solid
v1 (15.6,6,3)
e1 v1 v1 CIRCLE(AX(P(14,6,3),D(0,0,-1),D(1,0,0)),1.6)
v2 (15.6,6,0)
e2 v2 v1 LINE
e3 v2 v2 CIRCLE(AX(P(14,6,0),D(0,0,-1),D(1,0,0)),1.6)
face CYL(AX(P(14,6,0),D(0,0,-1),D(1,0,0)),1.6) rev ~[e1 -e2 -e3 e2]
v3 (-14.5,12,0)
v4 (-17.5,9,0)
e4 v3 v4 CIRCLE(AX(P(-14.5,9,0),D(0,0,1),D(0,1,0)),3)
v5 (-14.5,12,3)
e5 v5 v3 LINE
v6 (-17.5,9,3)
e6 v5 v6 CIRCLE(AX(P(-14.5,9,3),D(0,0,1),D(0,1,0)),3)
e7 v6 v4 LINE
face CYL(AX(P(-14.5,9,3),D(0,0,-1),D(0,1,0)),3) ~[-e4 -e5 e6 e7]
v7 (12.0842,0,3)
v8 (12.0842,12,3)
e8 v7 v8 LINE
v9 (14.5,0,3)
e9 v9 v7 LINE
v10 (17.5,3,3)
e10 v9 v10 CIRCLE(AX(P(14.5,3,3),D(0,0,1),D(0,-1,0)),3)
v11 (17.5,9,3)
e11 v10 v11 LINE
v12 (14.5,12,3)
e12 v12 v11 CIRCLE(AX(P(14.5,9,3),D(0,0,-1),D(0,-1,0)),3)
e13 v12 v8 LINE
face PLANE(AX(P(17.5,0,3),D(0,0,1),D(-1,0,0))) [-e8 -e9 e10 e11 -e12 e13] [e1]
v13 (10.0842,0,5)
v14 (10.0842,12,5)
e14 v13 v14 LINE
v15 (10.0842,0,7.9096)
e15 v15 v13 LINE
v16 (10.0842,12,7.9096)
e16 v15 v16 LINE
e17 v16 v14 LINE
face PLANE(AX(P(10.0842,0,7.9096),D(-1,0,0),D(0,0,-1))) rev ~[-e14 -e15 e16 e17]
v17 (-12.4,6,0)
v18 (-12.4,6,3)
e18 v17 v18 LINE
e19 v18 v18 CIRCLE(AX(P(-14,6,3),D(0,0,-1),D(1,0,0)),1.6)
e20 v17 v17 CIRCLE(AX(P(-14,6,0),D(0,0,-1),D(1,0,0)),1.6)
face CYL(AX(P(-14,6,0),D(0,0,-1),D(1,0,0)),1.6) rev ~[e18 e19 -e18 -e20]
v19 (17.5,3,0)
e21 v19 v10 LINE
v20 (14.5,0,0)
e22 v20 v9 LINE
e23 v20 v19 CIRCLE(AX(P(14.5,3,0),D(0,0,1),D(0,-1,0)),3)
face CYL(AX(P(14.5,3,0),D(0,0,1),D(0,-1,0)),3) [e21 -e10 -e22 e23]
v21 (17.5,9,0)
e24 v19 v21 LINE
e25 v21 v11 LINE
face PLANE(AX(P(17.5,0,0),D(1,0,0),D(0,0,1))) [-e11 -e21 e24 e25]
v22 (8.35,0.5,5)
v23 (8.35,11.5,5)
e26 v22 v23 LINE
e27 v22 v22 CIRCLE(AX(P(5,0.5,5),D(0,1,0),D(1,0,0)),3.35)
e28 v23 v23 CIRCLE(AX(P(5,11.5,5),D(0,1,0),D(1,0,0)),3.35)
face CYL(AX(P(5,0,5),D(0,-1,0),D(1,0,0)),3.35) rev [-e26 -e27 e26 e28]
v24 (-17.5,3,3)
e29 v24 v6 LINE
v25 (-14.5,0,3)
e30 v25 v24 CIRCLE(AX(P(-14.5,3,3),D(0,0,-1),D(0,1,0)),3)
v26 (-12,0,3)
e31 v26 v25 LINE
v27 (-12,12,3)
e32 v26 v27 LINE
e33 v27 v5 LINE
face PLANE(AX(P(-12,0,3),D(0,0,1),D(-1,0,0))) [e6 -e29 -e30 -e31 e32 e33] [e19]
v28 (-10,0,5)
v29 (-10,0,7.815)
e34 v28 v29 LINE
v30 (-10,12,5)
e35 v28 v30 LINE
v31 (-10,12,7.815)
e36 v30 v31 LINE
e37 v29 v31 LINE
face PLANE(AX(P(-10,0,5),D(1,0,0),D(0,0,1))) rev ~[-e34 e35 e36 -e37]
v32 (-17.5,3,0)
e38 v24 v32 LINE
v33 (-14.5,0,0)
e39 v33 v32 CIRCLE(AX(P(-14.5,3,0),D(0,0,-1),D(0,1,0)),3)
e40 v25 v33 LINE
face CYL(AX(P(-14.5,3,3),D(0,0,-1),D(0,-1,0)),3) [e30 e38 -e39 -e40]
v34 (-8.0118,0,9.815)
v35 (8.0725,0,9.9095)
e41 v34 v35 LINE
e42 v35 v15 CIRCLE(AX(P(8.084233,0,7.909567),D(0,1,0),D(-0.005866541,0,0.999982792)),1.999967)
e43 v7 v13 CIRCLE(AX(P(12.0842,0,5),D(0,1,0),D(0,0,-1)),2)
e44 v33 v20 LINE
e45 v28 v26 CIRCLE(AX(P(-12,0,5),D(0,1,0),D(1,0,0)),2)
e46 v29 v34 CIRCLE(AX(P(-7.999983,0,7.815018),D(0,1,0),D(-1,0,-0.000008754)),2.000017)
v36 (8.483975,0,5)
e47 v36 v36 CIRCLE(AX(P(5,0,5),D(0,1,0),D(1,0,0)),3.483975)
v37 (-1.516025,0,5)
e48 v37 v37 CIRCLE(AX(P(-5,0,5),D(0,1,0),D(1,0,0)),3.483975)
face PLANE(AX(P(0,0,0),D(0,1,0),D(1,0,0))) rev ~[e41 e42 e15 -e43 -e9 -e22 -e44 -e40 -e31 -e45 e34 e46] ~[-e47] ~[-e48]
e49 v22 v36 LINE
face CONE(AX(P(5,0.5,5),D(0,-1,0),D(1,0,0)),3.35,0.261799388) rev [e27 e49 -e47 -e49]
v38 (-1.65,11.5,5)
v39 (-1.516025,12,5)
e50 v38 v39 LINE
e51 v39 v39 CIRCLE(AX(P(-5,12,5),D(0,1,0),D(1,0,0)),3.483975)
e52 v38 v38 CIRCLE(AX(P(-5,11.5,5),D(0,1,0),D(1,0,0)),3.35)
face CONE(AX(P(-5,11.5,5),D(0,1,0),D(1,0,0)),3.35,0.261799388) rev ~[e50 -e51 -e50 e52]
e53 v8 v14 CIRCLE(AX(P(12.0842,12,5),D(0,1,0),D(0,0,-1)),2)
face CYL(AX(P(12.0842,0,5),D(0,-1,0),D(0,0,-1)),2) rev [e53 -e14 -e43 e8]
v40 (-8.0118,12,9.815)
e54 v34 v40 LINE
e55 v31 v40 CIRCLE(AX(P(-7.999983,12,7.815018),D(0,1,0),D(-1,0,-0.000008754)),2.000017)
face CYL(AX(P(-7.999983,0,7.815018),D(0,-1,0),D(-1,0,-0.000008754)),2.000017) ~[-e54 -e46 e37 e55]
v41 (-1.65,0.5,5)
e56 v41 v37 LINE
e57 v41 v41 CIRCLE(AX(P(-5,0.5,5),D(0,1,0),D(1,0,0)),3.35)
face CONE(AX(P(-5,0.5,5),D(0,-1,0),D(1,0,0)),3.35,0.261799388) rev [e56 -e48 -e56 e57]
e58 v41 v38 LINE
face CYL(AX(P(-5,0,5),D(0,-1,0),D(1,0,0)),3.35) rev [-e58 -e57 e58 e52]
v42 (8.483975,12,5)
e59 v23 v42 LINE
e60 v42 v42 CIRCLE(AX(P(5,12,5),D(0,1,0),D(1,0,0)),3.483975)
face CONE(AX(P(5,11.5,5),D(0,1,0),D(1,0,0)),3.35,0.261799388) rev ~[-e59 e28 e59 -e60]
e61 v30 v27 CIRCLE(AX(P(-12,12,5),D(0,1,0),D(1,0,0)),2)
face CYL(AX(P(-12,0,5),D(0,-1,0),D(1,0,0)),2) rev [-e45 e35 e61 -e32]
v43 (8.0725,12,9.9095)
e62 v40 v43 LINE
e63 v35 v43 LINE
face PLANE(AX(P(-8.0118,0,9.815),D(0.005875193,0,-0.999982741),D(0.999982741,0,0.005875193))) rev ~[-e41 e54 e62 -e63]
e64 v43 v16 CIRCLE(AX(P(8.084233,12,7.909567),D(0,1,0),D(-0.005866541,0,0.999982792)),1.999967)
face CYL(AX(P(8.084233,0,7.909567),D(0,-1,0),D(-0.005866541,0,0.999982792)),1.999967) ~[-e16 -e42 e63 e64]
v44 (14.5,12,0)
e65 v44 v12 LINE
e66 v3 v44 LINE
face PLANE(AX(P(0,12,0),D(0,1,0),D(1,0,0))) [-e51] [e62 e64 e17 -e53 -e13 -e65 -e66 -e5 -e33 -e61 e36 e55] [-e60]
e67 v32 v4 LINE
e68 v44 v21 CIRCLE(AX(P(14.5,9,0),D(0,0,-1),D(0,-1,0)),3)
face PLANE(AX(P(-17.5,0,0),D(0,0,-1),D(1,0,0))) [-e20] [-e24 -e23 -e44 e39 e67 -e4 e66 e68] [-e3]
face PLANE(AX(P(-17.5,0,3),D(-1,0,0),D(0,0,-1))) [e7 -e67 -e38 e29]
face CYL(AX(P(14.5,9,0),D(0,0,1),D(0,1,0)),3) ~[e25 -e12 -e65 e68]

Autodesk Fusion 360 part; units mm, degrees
sketch "Sketch1" plane through (0, 0, 0) normal (0, 1, 0) x (1, 0, 0)
  circle A0 centre (-5, -5) radius 3.35
  circle A1 centre (5, -5) radius 3.35
  line L0 (-10, -5) -> (-10, -7.815)
  line L1 (-8.0118, -9.815) -> (8.0725, -9.9095)
  line L2 (10.0842, -7.9096) -> (10.0842, -5)
  line L3 (-17.5, 0) -> (17.5, 0)
  line L4 (17.5, 0) -> (17.5, -3)
  line L5 (-17.5, -3) -> (-17.5, 0)
  line L6 (-12, -3) -> (-17.5, -3)
  line L7 (17.5, -3) -> (12.0842, -3)
  arc A2 (-10, -7.815) -> (-8.0118, -9.815) centre (-8, -7.815) ccw
  arc A3 (-10, -5) -> (-12, -3) centre (-12, -5) ccw
  arc A4 (8.0725, -9.9095) -> (10.0842, -7.9096) centre (8.0842, -7.9096) ccw
  arc A5 (12.0842, -3) -> (10.0842, -5) centre (12.0842, -5) ccw
  point P0 (0, -5)
  dimension "d1" = 6.7
  dimension "d2" = 35
  dimension "d12" = 3
  dimension "d13" = 2
extrude "Extrude1" add sketch "Sketch1" along normal blind 12
sketch "Sketch2" plane through (0, 0, 0) normal (0, 0, -1) x (1, 0, 0)
  line L0 (17.5, 0) -> (-17.5, 0)
  line L1 (-17.5, 0) -> (-17.5, -12)
  line L2 (-17.5, -12) -> (17.5, -12)
  line L3 (17.5, -12) -> (17.5, 0)
  circle A0 centre (-14, -6) radius 1.6
  circle A1 centre (14, -6) radius 1.6
  dimension "d6" = 3.2
  dimension "d7" = 3.2
extrude "Extrude2" cut sketch "Sketch2" against normal blind 5 contours A0 | A1
fillet "Fillet1" radius 3 4 edges at (17.5, 0, 1.5) (17.5, 12, 1.5) (-17.5, 0, 1.5) (-17.5, 12, 1.5)
chamfer "Chamfer1" distance 0.5 angle 15 2 edges at (-8.1233, 0, 3.7886) (1.8767, 0, 3.7886) measured on face at (-1.6542, 8, 5.167) measured on face at (8.3458, 8, 5.167)
chamfer "Chamfer1" distance 0.5 angle 15 2 edges at (1.8767, 12, 3.7886) (-8.1233, 12, 3.7886) measured on face at (8.3458, 8, 5.167) measured on face at (-1.6542, 8, 5.167)
